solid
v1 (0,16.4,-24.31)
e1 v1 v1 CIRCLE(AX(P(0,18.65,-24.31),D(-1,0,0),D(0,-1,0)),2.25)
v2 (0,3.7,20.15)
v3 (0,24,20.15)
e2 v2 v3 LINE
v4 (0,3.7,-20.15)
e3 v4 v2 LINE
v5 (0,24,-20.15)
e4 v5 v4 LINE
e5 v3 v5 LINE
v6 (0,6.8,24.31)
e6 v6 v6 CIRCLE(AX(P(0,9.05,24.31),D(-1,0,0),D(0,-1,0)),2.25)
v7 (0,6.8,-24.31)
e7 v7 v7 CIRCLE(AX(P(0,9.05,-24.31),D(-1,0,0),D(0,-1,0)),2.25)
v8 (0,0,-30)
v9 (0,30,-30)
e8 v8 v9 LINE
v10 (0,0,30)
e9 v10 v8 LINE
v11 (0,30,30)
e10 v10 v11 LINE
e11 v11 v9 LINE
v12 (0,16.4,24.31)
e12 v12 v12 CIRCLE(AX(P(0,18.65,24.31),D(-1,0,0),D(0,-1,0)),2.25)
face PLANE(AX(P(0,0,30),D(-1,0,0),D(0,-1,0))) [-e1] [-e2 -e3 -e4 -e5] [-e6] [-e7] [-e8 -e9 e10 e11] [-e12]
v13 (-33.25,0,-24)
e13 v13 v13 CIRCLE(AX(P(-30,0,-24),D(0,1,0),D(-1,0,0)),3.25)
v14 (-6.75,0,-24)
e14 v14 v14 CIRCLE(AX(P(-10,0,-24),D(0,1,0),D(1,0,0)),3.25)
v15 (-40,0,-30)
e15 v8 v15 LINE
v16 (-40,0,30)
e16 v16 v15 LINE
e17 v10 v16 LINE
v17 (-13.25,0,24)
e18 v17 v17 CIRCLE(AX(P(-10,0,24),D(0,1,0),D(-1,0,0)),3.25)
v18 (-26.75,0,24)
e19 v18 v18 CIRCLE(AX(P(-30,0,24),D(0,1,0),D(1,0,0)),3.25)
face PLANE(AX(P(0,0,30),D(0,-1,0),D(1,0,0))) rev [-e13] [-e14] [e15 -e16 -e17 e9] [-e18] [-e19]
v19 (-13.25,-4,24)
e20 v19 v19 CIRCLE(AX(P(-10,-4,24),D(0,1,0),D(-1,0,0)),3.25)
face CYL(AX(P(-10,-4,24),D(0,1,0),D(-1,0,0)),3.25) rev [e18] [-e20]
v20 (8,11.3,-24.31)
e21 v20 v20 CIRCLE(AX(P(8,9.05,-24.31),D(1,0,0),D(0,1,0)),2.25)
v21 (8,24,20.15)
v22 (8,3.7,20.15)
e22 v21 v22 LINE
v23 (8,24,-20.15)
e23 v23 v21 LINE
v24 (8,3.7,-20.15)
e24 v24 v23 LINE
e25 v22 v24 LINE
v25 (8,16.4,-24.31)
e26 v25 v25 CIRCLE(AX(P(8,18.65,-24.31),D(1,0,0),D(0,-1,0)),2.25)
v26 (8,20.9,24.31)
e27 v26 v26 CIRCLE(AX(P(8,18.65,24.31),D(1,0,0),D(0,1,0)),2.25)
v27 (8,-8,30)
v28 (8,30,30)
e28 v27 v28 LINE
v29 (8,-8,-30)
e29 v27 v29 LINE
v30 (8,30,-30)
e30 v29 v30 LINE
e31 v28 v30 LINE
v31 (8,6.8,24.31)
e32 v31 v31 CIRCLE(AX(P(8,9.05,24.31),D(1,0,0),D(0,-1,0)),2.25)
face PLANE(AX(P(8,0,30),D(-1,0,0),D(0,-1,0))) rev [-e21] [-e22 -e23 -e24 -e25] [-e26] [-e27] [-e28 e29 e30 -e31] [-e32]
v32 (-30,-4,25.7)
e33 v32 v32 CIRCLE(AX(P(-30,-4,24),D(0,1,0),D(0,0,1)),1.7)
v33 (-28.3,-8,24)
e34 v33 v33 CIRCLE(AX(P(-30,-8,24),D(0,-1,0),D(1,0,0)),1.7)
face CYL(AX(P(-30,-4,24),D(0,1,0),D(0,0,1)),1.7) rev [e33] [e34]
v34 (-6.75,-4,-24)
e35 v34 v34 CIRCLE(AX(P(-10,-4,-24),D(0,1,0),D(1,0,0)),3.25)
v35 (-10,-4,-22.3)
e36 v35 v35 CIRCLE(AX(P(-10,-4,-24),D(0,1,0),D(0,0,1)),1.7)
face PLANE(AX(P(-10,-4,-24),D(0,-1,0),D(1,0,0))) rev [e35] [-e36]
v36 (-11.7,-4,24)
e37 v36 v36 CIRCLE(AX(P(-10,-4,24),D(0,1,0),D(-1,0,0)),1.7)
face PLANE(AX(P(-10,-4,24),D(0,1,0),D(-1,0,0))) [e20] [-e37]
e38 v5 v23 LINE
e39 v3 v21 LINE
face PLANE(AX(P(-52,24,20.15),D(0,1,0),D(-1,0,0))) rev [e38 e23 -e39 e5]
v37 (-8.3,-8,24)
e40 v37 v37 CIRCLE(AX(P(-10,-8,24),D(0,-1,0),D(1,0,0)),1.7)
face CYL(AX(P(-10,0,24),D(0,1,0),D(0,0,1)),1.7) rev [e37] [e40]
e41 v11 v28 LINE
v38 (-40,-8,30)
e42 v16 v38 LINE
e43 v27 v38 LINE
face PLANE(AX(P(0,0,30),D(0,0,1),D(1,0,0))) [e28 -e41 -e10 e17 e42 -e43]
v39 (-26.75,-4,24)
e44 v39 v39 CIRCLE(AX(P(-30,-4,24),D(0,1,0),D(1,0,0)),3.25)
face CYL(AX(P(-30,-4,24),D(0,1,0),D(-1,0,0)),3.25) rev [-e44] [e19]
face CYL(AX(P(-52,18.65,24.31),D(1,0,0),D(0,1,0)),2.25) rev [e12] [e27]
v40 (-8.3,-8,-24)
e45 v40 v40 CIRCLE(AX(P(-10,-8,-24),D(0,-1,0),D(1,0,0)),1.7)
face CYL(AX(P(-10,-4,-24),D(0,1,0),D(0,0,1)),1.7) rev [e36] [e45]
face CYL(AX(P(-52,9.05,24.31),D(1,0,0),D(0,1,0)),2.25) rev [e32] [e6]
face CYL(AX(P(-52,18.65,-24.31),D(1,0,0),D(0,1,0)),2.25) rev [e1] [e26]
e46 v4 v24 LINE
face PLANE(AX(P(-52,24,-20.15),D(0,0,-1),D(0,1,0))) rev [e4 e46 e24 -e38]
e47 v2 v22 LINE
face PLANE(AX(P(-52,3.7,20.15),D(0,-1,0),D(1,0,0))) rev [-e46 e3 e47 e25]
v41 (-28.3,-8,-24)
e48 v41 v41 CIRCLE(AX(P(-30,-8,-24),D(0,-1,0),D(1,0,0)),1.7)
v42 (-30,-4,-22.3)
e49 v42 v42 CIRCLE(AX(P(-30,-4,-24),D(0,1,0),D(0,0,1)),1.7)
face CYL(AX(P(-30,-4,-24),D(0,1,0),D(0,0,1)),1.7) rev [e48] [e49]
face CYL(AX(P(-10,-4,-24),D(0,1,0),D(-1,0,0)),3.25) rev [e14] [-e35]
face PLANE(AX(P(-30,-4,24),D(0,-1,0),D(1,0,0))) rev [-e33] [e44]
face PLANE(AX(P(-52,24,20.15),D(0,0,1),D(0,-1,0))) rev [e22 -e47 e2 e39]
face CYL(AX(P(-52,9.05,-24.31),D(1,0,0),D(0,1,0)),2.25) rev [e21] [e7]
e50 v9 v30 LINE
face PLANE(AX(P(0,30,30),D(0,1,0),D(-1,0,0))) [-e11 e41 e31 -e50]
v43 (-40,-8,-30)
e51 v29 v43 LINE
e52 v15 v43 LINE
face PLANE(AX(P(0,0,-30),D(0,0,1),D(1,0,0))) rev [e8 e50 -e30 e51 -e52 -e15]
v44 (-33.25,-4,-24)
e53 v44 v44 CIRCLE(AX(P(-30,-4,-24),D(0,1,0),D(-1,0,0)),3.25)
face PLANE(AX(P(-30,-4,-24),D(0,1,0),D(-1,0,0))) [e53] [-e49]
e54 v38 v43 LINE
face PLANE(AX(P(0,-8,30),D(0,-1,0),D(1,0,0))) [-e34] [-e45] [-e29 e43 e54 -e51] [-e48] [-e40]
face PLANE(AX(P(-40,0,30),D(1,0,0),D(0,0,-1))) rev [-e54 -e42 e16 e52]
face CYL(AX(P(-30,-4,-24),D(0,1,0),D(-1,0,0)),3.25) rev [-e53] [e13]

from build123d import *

# Parameters (mm, degrees)
CROQUIS1_W                                 = 40
CROQUIS1_H                                 = 8
SALIENTE_EXTRUIR1_DEPTH                    = 30
CROQUIS2_W                                 = 40.3
CROQUIS2_H                                 = 20.3
CORTAR_EXTRUIR1_DEPTH                      = 60
CROQUIS3_R                                 = 2.25
CROQUIS3_W                                 = 40.3
CROQUIS3_H                                 = 20.3
CORTAR_EXTRUIR2_DEPTH                      = 60
CROQUIS4_R                                 = 3.25
CORTAR_EXTRUIR3_DEPTH                      = 4
TALADRO_DE_MARGEN_PARA_M31_D               = 3.4
TALADRO_DE_MARGEN_PARA_M31_DEPTH           = 11.5
TALADRO_DE_MARGEN_PARA_M31_TIP             = 1.021463052
TALADRO_DE_MARGEN_PARA_M31_ON_FACE_2_D     = 3.4
TALADRO_DE_MARGEN_PARA_M31_ON_FACE_2_DEPTH = 11.5
TALADRO_DE_MARGEN_PARA_M31_ON_FACE_2_TIP   = 1.021463052


with BuildPart() as part:
    # Croquis1 → Saliente-Extruir1 (new, symmetric)
    with BuildSketch(Plane.XY):
        with Locations((-20, -4)):
            Rectangle(CROQUIS1_W, CROQUIS1_H)
        Polygon((0, 30), (0, 0), (0, -8), (8, -8), (8, 30), align=None)
    extrude(amount=SALIENTE_EXTRUIR1_DEPTH, both=True)

    # Croquis2 → Cortar-Extruir1 (cut)
    with BuildSketch(Plane(origin=(8, 0, 0), x_dir=(0, 0, -1), z_dir=(1, 0, 0))):
        with Locations((0, 13.85)):
            Rectangle(CROQUIS2_W, CROQUIS2_H)
    extrude(amount=-CORTAR_EXTRUIR1_DEPTH, mode=Mode.SUBTRACT)

    # Croquis3 → Cortar-Extruir2 (cut)
    with BuildSketch(Plane(origin=(8, 0, 0), x_dir=(0, 0, -1), z_dir=(1, 0, 0))):
        with Locations(Location((-24.31, 18.65, 0), (0, 0, 90))):
            Circle(CROQUIS3_R)
        with Locations(Location((-24.31, 9.05, 0), (0, 0, 270))):
            Circle(CROQUIS3_R)
        with Locations(Location((24.31, 9.05, 0), (0, 0, 90))):
            Circle(CROQUIS3_R)
        with Locations(Location((24.31, 18.65, 0), (0, 0, 270))):
            Circle(CROQUIS3_R)
        with Locations((0, 13.85)):
            Rectangle(CROQUIS3_W, CROQUIS3_H)
    extrude(amount=-CORTAR_EXTRUIR2_DEPTH, mode=Mode.SUBTRACT)

    # Croquis4 → Cortar-Extruir3 (cut)
    with BuildSketch(Plane(origin=(0, 0, 0), x_dir=(1, 0, 0), z_dir=(0, 1, 0))):
        with Locations(Location((-30, 24, 0), (0, 0, 180))):
            Circle(CROQUIS4_R)
        with Locations((-10, 24)):
            Circle(CROQUIS4_R)
        with Locations(Location((-10, -24, 0), (0, 0, 180))):
            Circle(CROQUIS4_R)
        with Locations((-30, -24)):
            Circle(CROQUIS4_R)
    extrude(amount=-CORTAR_EXTRUIR3_DEPTH, mode=Mode.SUBTRACT)

    # Taladro de margen para M31
    with Locations(Plane(origin=(-30, -4, -24), x_dir=(1, 0, 0), z_dir=(0, 1, 0))):
        with Locations((0, 0), (20, 0), (0, -48)):
            Hole(TALADRO_DE_MARGEN_PARA_M31_D / 2, depth=TALADRO_DE_MARGEN_PARA_M31_DEPTH)
            with Locations((0, 0, -(TALADRO_DE_MARGEN_PARA_M31_DEPTH + TALADRO_DE_MARGEN_PARA_M31_TIP / 2))):  # 118° drill point
                Cone(0, TALADRO_DE_MARGEN_PARA_M31_D / 2, TALADRO_DE_MARGEN_PARA_M31_TIP, mode=Mode.SUBTRACT)

    # Taladro de margen para M31 on face 2
    with Locations(Plane(origin=(-10, 0, 24), x_dir=(1, 0, 0), z_dir=(0, 1, 0))):
        with Locations((0, 0)):
            Hole(TALADRO_DE_MARGEN_PARA_M31_ON_FACE_2_D / 2, depth=TALADRO_DE_MARGEN_PARA_M31_ON_FACE_2_DEPTH)
            with Locations((0, 0, -(TALADRO_DE_MARGEN_PARA_M31_ON_FACE_2_DEPTH + TALADRO_DE_MARGEN_PARA_M31_ON_FACE_2_TIP / 2))):  # 118° drill point
                Cone(0, TALADRO_DE_MARGEN_PARA_M31_ON_FACE_2_D / 2, TALADRO_DE_MARGEN_PARA_M31_ON_FACE_2_TIP, mode=Mode.SUBTRACT)


solid = part.part
